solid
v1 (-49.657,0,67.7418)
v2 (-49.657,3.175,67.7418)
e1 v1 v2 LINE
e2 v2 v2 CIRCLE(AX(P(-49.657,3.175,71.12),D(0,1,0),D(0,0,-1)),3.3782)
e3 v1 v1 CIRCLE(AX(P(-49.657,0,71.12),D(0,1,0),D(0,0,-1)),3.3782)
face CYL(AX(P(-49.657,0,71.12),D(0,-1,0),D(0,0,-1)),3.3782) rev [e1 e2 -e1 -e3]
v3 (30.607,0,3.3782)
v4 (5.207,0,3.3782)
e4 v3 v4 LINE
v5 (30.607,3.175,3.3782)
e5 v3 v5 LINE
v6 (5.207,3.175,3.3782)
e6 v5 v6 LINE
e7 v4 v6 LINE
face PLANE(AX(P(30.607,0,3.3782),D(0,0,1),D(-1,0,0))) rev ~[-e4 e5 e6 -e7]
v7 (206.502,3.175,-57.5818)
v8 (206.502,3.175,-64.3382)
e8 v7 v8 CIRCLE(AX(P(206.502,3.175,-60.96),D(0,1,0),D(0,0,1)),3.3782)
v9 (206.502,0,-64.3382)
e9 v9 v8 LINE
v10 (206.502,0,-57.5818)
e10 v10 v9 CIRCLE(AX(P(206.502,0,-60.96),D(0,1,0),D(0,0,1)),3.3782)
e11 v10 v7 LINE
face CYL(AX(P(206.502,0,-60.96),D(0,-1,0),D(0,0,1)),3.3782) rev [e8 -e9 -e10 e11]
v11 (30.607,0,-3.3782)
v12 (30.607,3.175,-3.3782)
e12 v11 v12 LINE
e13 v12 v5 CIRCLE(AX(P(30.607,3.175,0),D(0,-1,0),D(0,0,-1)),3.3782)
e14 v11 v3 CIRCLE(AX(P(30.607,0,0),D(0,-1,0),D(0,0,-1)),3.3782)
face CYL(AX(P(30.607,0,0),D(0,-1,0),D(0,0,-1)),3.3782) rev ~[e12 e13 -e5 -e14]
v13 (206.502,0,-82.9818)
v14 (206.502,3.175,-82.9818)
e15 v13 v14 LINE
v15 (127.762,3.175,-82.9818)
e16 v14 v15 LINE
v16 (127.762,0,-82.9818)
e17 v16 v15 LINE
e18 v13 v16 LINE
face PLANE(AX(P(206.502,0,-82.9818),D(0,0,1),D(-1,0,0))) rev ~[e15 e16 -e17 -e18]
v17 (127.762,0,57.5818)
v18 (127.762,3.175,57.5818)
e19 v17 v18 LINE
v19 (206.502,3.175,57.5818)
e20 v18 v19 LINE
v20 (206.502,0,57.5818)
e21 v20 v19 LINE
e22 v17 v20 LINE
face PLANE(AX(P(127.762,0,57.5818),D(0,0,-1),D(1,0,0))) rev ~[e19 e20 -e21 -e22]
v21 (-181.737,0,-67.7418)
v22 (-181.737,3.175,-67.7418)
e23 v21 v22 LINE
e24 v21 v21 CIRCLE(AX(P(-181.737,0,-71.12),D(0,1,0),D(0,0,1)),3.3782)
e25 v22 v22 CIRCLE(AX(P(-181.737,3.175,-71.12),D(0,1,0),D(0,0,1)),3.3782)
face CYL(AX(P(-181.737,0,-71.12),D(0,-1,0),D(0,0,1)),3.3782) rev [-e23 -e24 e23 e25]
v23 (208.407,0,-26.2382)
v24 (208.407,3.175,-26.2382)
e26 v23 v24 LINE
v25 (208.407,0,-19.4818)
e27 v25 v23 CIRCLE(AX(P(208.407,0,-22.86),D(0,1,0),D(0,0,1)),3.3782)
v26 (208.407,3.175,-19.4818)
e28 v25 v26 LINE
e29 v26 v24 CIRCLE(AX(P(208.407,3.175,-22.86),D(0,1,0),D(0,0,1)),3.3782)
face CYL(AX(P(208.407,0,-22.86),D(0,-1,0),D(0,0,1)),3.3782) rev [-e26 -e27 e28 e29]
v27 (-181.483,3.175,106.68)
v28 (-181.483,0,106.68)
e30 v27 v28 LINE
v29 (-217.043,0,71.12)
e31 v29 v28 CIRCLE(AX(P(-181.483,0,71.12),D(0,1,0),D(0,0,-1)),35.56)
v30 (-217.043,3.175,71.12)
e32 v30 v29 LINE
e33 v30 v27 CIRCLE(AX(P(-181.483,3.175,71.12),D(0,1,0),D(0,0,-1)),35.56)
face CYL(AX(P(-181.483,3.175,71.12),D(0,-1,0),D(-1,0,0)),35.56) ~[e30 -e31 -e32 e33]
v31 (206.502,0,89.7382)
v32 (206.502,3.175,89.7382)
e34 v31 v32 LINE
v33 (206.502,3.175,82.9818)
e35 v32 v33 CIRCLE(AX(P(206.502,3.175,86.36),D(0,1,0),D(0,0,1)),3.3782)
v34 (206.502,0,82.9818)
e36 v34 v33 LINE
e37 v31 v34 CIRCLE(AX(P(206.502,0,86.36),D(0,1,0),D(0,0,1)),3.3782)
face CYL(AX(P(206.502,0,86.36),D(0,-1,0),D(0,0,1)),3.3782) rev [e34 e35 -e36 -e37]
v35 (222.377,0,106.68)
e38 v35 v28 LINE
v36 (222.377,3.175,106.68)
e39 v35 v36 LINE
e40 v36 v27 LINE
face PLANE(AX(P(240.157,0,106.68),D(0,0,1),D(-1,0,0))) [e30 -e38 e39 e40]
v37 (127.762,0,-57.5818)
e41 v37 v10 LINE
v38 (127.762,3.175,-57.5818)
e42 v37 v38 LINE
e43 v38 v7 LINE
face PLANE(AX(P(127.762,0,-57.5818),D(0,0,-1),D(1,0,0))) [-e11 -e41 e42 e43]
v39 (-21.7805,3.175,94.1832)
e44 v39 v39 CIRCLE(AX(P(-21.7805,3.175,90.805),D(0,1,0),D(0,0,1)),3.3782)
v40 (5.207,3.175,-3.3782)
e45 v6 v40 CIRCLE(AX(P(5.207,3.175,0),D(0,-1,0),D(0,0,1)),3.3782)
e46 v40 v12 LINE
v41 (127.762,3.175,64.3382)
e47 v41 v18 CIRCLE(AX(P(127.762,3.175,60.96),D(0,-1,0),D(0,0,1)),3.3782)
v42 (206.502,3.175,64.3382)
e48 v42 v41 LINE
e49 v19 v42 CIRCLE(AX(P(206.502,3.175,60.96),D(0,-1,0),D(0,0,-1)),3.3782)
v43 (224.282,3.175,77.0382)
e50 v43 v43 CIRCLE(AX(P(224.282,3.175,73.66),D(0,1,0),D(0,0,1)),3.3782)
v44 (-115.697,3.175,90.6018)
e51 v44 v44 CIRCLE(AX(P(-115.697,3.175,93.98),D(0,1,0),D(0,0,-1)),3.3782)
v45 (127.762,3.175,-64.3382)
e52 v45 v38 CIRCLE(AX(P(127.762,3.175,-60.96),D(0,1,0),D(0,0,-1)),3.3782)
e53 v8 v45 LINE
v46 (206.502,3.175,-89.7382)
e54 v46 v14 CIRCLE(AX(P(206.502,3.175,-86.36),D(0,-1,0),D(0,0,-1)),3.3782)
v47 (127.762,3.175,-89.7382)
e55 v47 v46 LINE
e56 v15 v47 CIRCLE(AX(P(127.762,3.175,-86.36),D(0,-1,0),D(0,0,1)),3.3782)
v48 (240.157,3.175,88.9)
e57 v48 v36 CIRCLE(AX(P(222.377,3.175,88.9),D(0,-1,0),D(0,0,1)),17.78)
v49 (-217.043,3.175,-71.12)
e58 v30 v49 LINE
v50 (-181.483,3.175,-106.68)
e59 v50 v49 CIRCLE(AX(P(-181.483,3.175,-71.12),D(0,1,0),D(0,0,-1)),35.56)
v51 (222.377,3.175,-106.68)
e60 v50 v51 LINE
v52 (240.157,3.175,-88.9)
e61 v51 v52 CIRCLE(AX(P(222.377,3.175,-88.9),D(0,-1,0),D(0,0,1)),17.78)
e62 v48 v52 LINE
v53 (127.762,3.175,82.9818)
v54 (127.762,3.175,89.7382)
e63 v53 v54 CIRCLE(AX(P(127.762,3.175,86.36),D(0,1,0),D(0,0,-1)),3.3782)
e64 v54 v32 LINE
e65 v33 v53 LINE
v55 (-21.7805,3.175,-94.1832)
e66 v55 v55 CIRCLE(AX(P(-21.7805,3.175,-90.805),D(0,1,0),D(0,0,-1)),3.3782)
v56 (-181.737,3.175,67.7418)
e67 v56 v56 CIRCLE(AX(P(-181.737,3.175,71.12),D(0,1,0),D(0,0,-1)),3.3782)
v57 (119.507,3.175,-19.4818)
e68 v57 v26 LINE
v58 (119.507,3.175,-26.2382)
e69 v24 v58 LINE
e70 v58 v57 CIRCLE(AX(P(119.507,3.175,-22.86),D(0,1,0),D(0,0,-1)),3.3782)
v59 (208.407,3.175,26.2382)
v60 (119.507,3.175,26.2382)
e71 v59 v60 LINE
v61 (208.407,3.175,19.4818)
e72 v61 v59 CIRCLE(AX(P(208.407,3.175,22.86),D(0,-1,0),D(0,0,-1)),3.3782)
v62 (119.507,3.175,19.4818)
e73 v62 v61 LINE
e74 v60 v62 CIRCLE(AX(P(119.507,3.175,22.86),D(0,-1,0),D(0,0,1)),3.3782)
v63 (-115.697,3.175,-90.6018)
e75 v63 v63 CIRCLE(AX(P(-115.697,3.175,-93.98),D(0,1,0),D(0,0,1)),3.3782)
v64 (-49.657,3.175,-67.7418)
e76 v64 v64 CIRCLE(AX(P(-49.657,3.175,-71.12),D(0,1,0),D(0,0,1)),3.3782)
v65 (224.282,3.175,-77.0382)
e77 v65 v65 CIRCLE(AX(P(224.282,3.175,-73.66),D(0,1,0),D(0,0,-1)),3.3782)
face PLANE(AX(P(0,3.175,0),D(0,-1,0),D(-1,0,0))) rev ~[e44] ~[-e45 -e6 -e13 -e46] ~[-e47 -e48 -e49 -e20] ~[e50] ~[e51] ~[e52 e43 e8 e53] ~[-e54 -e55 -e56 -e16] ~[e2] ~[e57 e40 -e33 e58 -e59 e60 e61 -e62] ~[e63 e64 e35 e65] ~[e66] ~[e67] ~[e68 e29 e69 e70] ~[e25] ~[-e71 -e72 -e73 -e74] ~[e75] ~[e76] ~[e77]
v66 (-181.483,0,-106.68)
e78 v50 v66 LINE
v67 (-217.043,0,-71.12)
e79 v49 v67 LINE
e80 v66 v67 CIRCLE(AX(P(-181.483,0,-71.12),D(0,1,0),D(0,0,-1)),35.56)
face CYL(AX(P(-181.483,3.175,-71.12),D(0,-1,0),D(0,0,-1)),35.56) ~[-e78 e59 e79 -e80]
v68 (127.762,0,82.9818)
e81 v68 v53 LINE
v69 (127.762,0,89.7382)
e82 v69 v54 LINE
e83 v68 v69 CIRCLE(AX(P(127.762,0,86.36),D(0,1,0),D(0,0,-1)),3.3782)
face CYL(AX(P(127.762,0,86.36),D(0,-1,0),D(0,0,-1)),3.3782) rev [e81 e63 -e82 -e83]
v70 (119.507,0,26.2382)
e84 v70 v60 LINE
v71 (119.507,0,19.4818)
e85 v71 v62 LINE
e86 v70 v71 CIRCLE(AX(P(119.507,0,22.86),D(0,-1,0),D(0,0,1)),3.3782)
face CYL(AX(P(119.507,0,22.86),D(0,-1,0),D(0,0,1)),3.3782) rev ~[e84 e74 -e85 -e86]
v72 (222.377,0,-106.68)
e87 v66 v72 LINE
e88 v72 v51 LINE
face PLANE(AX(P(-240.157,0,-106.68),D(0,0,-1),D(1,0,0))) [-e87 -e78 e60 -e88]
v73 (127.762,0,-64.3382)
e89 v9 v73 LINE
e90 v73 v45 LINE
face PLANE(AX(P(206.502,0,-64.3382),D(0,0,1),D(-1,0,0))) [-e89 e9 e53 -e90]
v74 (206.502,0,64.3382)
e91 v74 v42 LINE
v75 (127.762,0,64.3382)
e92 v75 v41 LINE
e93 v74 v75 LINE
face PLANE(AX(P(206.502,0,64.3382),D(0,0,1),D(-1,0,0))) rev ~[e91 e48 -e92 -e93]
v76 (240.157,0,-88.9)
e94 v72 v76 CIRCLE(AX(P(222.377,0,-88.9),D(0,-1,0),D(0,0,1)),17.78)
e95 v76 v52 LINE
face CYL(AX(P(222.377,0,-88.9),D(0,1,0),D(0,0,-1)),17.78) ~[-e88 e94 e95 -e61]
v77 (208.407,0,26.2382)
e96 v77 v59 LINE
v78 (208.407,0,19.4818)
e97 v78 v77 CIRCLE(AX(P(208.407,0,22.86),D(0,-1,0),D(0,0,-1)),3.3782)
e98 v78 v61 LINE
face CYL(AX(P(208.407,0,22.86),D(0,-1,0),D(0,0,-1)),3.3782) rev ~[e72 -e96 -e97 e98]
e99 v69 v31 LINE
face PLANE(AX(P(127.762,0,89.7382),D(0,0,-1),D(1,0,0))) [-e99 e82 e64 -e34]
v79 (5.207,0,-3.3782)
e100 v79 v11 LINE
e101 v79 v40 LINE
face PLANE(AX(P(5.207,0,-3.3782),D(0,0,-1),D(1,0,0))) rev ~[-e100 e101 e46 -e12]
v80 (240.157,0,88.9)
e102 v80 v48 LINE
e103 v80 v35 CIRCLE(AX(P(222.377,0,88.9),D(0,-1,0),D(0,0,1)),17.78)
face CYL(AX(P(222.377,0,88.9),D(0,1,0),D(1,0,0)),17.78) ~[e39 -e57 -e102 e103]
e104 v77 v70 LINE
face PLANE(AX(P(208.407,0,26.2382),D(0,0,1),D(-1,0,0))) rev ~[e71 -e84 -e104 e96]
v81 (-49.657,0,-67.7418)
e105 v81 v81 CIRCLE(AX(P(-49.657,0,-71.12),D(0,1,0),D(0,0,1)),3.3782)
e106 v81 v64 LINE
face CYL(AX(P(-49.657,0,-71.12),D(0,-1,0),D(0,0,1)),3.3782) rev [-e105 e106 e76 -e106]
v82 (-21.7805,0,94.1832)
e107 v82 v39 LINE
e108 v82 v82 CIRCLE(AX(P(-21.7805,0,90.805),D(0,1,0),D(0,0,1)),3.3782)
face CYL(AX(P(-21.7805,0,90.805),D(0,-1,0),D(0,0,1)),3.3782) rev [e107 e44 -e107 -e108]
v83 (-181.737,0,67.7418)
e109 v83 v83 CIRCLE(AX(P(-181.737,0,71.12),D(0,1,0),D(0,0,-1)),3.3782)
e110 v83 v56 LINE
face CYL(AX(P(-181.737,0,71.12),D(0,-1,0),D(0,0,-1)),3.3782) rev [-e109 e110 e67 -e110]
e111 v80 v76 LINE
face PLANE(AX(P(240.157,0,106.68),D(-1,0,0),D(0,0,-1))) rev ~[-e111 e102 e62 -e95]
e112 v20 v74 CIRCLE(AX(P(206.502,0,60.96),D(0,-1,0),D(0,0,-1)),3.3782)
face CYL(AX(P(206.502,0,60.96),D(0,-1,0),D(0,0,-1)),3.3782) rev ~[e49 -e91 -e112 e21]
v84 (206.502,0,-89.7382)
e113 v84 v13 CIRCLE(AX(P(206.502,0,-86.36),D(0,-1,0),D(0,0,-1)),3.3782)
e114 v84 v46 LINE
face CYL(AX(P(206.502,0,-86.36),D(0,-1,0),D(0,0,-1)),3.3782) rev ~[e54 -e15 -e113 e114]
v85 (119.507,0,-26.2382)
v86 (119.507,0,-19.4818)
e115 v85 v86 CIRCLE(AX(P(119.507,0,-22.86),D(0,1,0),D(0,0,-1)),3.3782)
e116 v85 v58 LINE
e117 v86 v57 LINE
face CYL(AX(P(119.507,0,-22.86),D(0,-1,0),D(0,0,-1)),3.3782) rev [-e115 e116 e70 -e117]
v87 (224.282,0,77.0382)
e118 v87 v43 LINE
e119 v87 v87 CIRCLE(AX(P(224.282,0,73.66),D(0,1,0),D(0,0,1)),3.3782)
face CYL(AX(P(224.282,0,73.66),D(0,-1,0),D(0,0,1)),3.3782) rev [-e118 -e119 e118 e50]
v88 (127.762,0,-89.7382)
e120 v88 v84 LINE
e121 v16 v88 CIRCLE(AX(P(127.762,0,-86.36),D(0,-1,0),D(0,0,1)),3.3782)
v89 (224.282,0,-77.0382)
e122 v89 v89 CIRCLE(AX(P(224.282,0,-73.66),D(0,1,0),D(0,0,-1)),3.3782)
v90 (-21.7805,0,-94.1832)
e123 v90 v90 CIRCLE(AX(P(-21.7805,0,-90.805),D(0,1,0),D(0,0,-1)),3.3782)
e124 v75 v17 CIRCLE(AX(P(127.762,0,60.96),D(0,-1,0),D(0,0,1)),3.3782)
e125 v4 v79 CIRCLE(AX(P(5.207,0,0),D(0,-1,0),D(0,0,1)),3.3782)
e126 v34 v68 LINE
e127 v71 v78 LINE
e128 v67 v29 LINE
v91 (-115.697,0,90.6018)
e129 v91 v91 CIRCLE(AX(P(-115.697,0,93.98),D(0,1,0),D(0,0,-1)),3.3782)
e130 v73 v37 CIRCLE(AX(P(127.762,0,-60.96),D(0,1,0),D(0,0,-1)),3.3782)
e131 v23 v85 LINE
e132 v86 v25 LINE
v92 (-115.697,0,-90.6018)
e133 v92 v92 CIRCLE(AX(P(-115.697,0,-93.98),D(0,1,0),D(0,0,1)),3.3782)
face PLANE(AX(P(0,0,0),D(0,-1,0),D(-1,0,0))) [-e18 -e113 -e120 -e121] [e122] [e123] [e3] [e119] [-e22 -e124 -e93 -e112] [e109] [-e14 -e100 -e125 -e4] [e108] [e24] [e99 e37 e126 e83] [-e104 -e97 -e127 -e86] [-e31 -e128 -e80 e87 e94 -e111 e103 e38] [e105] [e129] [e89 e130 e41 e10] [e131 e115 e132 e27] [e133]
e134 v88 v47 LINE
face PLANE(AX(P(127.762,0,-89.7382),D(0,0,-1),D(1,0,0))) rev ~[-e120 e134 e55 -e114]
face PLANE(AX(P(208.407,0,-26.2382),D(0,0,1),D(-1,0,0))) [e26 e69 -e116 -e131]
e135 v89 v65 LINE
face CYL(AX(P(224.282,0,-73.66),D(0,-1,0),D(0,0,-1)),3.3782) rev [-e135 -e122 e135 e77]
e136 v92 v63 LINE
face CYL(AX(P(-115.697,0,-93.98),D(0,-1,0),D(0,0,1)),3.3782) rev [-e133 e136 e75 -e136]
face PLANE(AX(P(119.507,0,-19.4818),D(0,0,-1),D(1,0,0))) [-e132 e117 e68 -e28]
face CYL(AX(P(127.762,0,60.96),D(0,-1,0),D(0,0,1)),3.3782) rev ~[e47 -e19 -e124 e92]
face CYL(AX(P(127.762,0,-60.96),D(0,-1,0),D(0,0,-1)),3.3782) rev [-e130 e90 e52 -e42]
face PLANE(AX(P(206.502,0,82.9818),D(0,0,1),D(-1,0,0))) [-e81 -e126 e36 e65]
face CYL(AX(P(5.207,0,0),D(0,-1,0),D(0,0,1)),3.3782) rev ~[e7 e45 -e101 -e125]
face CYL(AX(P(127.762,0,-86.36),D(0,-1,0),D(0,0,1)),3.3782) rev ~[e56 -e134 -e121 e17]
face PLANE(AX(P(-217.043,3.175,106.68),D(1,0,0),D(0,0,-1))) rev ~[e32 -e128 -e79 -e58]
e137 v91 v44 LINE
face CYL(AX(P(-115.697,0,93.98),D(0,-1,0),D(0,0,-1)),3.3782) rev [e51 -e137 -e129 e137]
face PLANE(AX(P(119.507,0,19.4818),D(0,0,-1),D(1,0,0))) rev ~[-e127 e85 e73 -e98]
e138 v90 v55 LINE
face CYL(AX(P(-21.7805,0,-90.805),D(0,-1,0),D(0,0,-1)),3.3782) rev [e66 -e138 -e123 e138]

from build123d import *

# Parameters (mm, degrees)
SKETCH1_R           = 3.3782
BOSS_EXTRUDE1_DEPTH = 3.175
SKETCH4_W           = 23.114
SKETCH4_H           = 213.36
CUT_EXTRUDE1_DEPTH  = 263.804276362
FILLET1_R           = 17.78
FILLET2_R           = 35.56


with BuildPart() as part:
    # Sketch1 → Boss-Extrude1 (new body)
    with BuildSketch(Plane(origin=(0, 0, 0), x_dir=(1, 0, 0), z_dir=(0, 1, 0))):
        Polygon((-240.157, 106.68), (240.157, 106.68), (240.157, -73.66), (240.157, -106.68), (-240.157, -106.68), align=None)
        with Locations(Location((224.282, -73.66, 0), (0, 0, 270))):
            Circle(SKETCH1_R, mode=Mode.SUBTRACT)
        with Locations(Location((-21.7805, -90.805, 0), (0, 0, 270))):
            Circle(SKETCH1_R, mode=Mode.SUBTRACT)
        with Locations(Location((-21.7805, 90.805, 0), (0, 0, 90))):
            Circle(SKETCH1_R, mode=Mode.SUBTRACT)
        with Locations(Location((224.282, 73.66, 0), (0, 0, 90))):
            Circle(SKETCH1_R, mode=Mode.SUBTRACT)
        with Locations(Location((-115.697, 93.98, 0), (0, 0, 270))):
            Circle(SKETCH1_R, mode=Mode.SUBTRACT)
        with Locations(Location((-115.697, -93.98, 0), (0, 0, 90))):
            Circle(SKETCH1_R, mode=Mode.SUBTRACT)
        with Locations(Location((-181.737, 71.12, 0), (0, 0, 270))):
            Circle(SKETCH1_R, mode=Mode.SUBTRACT)
        with Locations(Location((-49.657, 71.12, 0), (0, 0, 270))):
            Circle(SKETCH1_R, mode=Mode.SUBTRACT)
        with Locations(Location((-49.657, -71.12, 0), (0, 0, 90))):
            Circle(SKETCH1_R, mode=Mode.SUBTRACT)
        with Locations(Location((-181.737, -71.12, 0), (0, 0, 90))):
            Circle(SKETCH1_R, mode=Mode.SUBTRACT)
        with BuildLine():
            Line((119.507, -19.4818), (208.407, -19.4818))
            ThreePointArc((208.407, -19.4818), (211.7852, -22.86), (208.407, -26.2382))
            Line((208.407, -26.2382), (119.507, -26.2382))
            ThreePointArc((119.507, -26.2382), (116.1288, -22.86), (119.507, -19.4818))
        make_face(mode=Mode.SUBTRACT)
        with BuildLine():
            Line((119.507, 19.4818), (208.407, 19.4818))
            ThreePointArc((208.407, 19.4818), (211.7852, 22.86), (208.407, 26.2382))
            Line((208.407, 26.2382), (119.507, 26.2382))
            ThreePointArc((119.507, 26.2382), (116.1288, 22.86), (119.507, 19.4818))
        make_face(mode=Mode.SUBTRACT)
        with BuildLine():
            Line((127.762, -57.5818), (206.502, -57.5818))
            ThreePointArc((206.502, -57.5818), (209.8802, -60.96), (206.502, -64.3382))
            Line((206.502, -64.3382), (127.762, -64.3382))
            ThreePointArc((127.762, -64.3382), (124.3838, -60.96), (127.762, -57.5818))
        make_face(mode=Mode.SUBTRACT)
        with BuildLine():
            Line((127.762, -89.7382), (206.502, -89.7382))
            ThreePointArc((206.502, -89.7382), (209.8802, -86.36), (206.502, -82.9818))
            Line((206.502, -82.9818), (127.762, -82.9818))
            ThreePointArc((127.762, -82.9818), (124.3838, -86.36), (127.762, -89.7382))
        make_face(mode=Mode.SUBTRACT)
        with BuildLine():
            Line((127.762, 57.5818), (206.502, 57.5818))
            ThreePointArc((206.502, 57.5818), (209.8802, 60.96), (206.502, 64.3382))
            Line((206.502, 64.3382), (127.762, 64.3382))
            ThreePointArc((127.762, 64.3382), (124.3838, 60.96), (127.762, 57.5818))
        make_face(mode=Mode.SUBTRACT)
        with BuildLine():
            Line((127.762, 89.7382), (206.502, 89.7382))
            ThreePointArc((206.502, 89.7382), (209.8802, 86.36), (206.502, 82.9818))
            Line((206.502, 82.9818), (127.762, 82.9818))
            ThreePointArc((127.762, 82.9818), (124.3838, 86.36), (127.762, 89.7382))
        make_face(mode=Mode.SUBTRACT)
        with BuildLine():
            Line((5.207, 3.3782), (30.607, 3.3782))
            ThreePointArc((30.607, 3.3782), (33.9852, 0), (30.607, -3.3782))
            Line((30.607, -3.3782), (5.207, -3.3782))
            ThreePointArc((5.207, -3.3782), (1.8288, 0), (5.207, 3.3782))
        make_face(mode=Mode.SUBTRACT)
    extrude(amount=BOSS_EXTRUDE1_DEPTH)

    # Sketch4 → Cut-Extrude1 (cut, through all)
    with BuildSketch(Plane(origin=(0, 3.175, 0), x_dir=(1, 0, 0), z_dir=(0, 1, 0))):
        with Locations((-228.6, 0)):
            Rectangle(SKETCH4_W, SKETCH4_H)
    extrude(amount=-CUT_EXTRUDE1_DEPTH, mode=Mode.SUBTRACT)

    # Fillet1
    fillet1_edges = [part.edges().sort_by_distance(p)[0] for p in [
        (240.157, 1.5875, 106.68),
        (240.157, 1.5875, -106.68),
    ]]
    fillet(fillet1_edges, radius=FILLET1_R)

    # Fillet2
    fillet2_edges = [part.edges().sort_by_distance(p)[0] for p in [
        (-217.043, 1.5875, -106.68),
        (-217.043, 1.5875, 106.68),
    ]]
    fillet(fillet2_edges, radius=FILLET2_R)


solid = part.part
